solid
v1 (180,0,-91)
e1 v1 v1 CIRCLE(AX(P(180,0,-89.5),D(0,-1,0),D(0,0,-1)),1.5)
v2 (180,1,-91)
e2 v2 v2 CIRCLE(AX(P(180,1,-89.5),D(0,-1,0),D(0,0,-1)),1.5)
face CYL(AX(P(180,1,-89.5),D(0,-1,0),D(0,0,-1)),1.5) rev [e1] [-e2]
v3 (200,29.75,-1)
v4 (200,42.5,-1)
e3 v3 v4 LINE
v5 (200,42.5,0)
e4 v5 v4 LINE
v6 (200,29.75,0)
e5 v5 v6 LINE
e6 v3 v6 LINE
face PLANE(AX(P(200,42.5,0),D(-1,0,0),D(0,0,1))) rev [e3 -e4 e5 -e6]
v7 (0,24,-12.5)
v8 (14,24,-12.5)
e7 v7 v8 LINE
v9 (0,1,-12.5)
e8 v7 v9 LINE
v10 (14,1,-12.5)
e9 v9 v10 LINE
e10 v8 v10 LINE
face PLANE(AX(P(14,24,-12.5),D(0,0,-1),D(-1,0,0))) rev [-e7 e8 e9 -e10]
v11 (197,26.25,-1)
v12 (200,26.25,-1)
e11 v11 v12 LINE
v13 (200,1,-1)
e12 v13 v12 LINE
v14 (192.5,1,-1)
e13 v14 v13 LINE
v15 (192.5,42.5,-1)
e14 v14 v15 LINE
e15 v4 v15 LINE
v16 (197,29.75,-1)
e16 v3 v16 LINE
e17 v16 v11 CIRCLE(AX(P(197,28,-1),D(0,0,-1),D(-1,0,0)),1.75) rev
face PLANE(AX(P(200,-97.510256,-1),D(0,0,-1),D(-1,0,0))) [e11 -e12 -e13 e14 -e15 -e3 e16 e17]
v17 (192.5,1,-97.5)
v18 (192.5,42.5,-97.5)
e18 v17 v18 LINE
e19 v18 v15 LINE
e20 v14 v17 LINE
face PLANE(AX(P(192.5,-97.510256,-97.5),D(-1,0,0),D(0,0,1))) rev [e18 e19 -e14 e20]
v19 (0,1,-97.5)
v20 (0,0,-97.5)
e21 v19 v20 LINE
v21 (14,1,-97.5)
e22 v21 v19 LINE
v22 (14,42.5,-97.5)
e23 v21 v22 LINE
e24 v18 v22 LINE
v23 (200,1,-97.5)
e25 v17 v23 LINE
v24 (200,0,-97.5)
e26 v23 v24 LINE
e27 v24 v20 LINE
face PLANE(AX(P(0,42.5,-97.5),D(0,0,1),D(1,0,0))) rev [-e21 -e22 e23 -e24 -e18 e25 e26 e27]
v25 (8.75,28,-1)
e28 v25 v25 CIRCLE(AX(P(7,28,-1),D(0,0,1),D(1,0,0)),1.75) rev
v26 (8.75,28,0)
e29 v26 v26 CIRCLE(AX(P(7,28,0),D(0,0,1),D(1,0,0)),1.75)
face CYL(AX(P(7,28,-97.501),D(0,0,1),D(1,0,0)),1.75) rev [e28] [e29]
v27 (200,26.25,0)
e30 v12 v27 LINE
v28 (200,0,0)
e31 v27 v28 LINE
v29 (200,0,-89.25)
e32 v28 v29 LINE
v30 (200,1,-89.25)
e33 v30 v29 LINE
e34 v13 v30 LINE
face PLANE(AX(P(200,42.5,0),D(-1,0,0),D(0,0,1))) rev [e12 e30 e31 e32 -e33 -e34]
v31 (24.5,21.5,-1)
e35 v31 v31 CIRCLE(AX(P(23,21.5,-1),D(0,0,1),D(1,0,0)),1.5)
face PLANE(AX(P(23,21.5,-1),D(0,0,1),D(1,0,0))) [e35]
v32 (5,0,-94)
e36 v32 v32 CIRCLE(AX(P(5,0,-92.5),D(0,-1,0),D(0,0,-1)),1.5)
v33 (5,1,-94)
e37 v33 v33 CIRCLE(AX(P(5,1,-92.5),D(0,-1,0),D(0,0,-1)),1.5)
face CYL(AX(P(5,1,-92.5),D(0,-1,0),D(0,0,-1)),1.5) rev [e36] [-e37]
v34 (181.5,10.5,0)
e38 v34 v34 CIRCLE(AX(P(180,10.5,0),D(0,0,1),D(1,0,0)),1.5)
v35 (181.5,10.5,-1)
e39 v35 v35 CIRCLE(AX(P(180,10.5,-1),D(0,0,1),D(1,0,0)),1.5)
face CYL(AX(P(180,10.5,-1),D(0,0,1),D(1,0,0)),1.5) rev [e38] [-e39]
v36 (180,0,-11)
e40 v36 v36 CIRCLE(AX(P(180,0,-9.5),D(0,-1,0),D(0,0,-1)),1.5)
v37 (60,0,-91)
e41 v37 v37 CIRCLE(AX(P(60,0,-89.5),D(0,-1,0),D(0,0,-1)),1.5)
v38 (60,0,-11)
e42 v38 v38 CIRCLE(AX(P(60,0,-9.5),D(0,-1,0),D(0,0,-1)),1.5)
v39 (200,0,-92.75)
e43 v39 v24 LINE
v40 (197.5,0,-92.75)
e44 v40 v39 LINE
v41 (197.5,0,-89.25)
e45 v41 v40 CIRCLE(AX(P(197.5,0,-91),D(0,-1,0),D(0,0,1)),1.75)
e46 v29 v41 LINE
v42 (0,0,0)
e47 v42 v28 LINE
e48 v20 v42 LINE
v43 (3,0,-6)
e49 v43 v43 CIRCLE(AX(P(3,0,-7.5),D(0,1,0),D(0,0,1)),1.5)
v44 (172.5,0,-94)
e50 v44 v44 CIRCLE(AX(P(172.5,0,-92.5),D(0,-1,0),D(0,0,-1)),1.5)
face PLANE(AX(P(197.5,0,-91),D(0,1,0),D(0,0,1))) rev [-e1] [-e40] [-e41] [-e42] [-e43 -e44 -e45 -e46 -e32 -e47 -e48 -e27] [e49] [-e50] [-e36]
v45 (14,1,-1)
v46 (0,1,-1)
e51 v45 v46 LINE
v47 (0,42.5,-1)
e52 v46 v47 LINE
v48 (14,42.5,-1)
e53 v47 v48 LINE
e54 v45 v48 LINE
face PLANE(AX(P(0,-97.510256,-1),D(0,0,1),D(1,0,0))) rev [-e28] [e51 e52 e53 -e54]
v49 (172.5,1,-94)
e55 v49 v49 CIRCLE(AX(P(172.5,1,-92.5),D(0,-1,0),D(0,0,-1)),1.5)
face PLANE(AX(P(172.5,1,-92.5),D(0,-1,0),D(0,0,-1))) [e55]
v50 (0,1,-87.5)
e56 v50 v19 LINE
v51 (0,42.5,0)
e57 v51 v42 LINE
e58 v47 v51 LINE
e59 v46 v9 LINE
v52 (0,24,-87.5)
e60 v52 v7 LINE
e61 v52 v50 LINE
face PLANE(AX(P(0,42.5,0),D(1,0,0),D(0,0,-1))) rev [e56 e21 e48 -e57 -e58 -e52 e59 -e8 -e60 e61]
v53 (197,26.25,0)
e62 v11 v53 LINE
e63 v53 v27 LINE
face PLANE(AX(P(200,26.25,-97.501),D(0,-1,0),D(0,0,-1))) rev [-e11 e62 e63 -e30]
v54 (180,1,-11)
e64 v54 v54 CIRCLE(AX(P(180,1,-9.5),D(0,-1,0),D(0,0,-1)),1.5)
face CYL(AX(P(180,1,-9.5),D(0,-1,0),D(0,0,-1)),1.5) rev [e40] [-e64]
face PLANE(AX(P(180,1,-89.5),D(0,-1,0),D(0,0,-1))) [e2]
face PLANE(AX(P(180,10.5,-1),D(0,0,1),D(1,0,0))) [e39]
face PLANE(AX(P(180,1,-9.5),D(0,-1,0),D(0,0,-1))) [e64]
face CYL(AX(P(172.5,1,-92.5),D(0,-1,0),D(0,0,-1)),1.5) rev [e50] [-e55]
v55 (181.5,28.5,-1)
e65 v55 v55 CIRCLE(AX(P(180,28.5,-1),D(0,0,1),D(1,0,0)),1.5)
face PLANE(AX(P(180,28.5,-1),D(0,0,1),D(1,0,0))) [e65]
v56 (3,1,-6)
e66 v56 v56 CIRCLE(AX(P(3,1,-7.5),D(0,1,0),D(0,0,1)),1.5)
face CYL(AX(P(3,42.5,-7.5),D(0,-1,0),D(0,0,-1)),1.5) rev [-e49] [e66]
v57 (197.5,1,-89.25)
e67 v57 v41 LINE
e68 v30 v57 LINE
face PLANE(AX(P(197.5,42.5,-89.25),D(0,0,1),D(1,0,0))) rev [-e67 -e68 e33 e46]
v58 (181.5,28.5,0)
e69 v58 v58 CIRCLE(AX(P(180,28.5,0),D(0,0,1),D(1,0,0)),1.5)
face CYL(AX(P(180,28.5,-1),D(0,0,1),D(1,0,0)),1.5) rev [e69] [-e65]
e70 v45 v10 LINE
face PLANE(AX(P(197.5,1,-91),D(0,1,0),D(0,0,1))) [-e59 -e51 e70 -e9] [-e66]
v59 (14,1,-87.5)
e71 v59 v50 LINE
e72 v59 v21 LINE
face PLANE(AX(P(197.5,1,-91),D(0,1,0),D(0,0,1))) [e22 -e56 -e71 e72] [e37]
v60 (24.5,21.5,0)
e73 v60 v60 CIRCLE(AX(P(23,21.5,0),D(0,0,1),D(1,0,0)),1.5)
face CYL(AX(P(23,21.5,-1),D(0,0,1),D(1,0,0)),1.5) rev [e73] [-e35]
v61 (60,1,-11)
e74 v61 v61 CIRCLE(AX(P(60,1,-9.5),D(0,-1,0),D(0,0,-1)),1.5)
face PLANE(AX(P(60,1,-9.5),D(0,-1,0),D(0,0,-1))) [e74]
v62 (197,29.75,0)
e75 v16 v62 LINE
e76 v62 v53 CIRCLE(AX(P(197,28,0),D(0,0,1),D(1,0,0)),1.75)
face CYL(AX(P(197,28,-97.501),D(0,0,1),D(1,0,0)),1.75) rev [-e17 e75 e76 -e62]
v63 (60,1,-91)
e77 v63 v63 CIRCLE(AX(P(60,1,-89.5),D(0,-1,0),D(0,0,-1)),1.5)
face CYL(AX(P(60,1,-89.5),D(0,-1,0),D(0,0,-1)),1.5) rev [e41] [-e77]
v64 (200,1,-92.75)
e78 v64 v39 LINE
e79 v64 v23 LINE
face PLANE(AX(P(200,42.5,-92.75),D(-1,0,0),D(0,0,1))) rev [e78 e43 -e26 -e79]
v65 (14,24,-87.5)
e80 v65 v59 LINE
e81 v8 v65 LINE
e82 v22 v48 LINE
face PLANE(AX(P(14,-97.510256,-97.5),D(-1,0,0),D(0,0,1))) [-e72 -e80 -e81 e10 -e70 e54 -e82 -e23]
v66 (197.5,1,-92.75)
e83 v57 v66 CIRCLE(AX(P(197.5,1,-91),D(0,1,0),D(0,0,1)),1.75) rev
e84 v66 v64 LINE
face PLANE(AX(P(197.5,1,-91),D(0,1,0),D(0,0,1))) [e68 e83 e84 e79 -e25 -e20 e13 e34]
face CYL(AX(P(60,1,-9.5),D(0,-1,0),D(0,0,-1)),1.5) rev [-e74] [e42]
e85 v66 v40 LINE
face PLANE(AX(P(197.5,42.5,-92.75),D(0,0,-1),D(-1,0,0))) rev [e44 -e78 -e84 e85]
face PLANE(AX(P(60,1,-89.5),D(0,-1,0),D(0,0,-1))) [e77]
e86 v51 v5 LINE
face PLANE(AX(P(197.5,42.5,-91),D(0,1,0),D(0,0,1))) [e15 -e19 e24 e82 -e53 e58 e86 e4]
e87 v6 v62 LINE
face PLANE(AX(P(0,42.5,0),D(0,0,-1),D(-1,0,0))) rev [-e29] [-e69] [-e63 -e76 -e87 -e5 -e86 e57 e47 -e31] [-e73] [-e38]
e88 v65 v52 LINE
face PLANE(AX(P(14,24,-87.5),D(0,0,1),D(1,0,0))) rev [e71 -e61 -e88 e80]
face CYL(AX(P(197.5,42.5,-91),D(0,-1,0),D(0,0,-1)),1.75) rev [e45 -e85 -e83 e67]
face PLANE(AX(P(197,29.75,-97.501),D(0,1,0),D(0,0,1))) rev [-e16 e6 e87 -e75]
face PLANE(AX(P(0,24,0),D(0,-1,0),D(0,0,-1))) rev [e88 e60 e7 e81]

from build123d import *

# Parameters (mm, degrees)
SKETCH1_R           = 1.5
BOSS_EXTRUDE1_DEPTH = 42.5
SKETCH2_W           = 7.5
SKETCH2_H           = 96.5
SKETCH2_W_2         = 14
CUT_EXTRUDE1_DEPTH  = 41.5
CUT_EXTRUDE2_REACH  = 99.5
SKETCH3_R           = 1.75
SKETCH4_W           = 14
SKETCH4_H           = 75
BOSS_EXTRUDE2_DEPTH = 23
SKETCH5_R           = 1.5
CUT_EXTRUDE3_DEPTH  = 1
SKETCH6_R           = 1.5
CUT_EXTRUDE4_DEPTH  = 1


with BuildPart() as part:
    # Sketch1 → Boss-Extrude1 (new body)
    with BuildSketch(Plane(origin=(0, 0, 0), x_dir=(1, 0, 0), z_dir=(0, 1, 0))):
        with BuildLine():
            Line((197.5, 92.75), (200, 92.75))
            Line((200, 92.75), (200, 97.5))
            Line((200, 97.5), (0, 97.5))
            Line((0, 97.5), (0, 0))
            Line((0, 0), (200, 0))
            Line((200, 0), (200, 89.25))
            Line((200, 89.25), (197.5, 89.25))
            ThreePointArc((197.5, 89.25), (195.75, 91), (197.5, 92.75))
        make_face()
        with Locations((3, 7.5)):
            Circle(SKETCH1_R, mode=Mode.SUBTRACT)
    extrude(amount=BOSS_EXTRUDE1_DEPTH)

    # Sketch2 → Cut-Extrude1 (cut)
    with BuildSketch(Plane(origin=(0, 42.5, 0), x_dir=(1, 0, 0), z_dir=(0, 1, 0))):
        with Locations((196.25, 49.25)):
            Rectangle(SKETCH2_W, SKETCH2_H)
        with Locations((7, 49.25)):
            Rectangle(SKETCH2_W_2, SKETCH2_H)
    extrude(amount=-CUT_EXTRUDE1_DEPTH, mode=Mode.SUBTRACT)

    # Sketch3 → Cut-Extrude2 (cut, up to next)
    with BuildSketch(Plane.XY, mode=Mode.PRIVATE) as cut_extrude2_sk1:
        with Locations((7, 28)):
            Circle(SKETCH3_R)
    cut_extrude2_tool1 = extrude(cut_extrude2_sk1.sketch, amount=-CUT_EXTRUDE2_REACH, mode=Mode.PRIVATE) & part.part
    add(cut_extrude2_tool1.solids().sort_by_distance((7, 28, 0))[0], mode=Mode.SUBTRACT)
    # Sketch3 → Cut-Extrude2 (cut, up to next)
    with BuildSketch(Plane.XY, mode=Mode.PRIVATE) as cut_extrude2_sk2:
        with BuildLine():
            Line((197, 29.75), (200, 29.75))
            Line((200, 29.75), (200, 26.25))
            Line((200, 26.25), (197, 26.25))
            ThreePointArc((197, 26.25), (195.25, 28), (197, 29.75))
        make_face()
    cut_extrude2_tool2 = extrude(cut_extrude2_sk2.sketch, amount=-CUT_EXTRUDE2_REACH, mode=Mode.PRIVATE) & part.part
    add(cut_extrude2_tool2.solids().sort_by_distance((197.795339, 28, 0))[0], mode=Mode.SUBTRACT)

    # Sketch4 → Boss-Extrude2 (add)
    with BuildSketch(Plane(origin=(0, 1, 0), x_dir=(1, 0, 0), z_dir=(0, 1, 0))):
        with Locations((7, 50)):
            Rectangle(SKETCH4_W, SKETCH4_H)
    extrude(amount=BOSS_EXTRUDE2_DEPTH)

    # Sketch5 → Cut-Extrude3 (cut)
    with BuildSketch(Plane.XY):
        with Locations((23, 21.5)):
            Circle(SKETCH5_R)
        with Locations((180, 10.5)):
            Circle(SKETCH5_R)
        with Locations((180, 28.5)):
            Circle(SKETCH5_R)
    extrude(amount=-CUT_EXTRUDE3_DEPTH, mode=Mode.SUBTRACT)

    # Sketch6 → Cut-Extrude4 (cut)
    with BuildSketch(Plane.XZ):
        with Locations((5, -92.5)):
            Circle(SKETCH6_R)
        with Locations((60, -9.5)):
            Circle(SKETCH6_R)
        with Locations((60, -89.5)):
            Circle(SKETCH6_R)
        with Locations((180, -89.5)):
            Circle(SKETCH6_R)
        with Locations((180, -9.5)):
            Circle(SKETCH6_R)
        with Locations((172.5, -92.5)):
            Circle(SKETCH6_R)
    extrude(amount=-CUT_EXTRUDE4_DEPTH, mode=Mode.SUBTRACT)


solid = part.part
